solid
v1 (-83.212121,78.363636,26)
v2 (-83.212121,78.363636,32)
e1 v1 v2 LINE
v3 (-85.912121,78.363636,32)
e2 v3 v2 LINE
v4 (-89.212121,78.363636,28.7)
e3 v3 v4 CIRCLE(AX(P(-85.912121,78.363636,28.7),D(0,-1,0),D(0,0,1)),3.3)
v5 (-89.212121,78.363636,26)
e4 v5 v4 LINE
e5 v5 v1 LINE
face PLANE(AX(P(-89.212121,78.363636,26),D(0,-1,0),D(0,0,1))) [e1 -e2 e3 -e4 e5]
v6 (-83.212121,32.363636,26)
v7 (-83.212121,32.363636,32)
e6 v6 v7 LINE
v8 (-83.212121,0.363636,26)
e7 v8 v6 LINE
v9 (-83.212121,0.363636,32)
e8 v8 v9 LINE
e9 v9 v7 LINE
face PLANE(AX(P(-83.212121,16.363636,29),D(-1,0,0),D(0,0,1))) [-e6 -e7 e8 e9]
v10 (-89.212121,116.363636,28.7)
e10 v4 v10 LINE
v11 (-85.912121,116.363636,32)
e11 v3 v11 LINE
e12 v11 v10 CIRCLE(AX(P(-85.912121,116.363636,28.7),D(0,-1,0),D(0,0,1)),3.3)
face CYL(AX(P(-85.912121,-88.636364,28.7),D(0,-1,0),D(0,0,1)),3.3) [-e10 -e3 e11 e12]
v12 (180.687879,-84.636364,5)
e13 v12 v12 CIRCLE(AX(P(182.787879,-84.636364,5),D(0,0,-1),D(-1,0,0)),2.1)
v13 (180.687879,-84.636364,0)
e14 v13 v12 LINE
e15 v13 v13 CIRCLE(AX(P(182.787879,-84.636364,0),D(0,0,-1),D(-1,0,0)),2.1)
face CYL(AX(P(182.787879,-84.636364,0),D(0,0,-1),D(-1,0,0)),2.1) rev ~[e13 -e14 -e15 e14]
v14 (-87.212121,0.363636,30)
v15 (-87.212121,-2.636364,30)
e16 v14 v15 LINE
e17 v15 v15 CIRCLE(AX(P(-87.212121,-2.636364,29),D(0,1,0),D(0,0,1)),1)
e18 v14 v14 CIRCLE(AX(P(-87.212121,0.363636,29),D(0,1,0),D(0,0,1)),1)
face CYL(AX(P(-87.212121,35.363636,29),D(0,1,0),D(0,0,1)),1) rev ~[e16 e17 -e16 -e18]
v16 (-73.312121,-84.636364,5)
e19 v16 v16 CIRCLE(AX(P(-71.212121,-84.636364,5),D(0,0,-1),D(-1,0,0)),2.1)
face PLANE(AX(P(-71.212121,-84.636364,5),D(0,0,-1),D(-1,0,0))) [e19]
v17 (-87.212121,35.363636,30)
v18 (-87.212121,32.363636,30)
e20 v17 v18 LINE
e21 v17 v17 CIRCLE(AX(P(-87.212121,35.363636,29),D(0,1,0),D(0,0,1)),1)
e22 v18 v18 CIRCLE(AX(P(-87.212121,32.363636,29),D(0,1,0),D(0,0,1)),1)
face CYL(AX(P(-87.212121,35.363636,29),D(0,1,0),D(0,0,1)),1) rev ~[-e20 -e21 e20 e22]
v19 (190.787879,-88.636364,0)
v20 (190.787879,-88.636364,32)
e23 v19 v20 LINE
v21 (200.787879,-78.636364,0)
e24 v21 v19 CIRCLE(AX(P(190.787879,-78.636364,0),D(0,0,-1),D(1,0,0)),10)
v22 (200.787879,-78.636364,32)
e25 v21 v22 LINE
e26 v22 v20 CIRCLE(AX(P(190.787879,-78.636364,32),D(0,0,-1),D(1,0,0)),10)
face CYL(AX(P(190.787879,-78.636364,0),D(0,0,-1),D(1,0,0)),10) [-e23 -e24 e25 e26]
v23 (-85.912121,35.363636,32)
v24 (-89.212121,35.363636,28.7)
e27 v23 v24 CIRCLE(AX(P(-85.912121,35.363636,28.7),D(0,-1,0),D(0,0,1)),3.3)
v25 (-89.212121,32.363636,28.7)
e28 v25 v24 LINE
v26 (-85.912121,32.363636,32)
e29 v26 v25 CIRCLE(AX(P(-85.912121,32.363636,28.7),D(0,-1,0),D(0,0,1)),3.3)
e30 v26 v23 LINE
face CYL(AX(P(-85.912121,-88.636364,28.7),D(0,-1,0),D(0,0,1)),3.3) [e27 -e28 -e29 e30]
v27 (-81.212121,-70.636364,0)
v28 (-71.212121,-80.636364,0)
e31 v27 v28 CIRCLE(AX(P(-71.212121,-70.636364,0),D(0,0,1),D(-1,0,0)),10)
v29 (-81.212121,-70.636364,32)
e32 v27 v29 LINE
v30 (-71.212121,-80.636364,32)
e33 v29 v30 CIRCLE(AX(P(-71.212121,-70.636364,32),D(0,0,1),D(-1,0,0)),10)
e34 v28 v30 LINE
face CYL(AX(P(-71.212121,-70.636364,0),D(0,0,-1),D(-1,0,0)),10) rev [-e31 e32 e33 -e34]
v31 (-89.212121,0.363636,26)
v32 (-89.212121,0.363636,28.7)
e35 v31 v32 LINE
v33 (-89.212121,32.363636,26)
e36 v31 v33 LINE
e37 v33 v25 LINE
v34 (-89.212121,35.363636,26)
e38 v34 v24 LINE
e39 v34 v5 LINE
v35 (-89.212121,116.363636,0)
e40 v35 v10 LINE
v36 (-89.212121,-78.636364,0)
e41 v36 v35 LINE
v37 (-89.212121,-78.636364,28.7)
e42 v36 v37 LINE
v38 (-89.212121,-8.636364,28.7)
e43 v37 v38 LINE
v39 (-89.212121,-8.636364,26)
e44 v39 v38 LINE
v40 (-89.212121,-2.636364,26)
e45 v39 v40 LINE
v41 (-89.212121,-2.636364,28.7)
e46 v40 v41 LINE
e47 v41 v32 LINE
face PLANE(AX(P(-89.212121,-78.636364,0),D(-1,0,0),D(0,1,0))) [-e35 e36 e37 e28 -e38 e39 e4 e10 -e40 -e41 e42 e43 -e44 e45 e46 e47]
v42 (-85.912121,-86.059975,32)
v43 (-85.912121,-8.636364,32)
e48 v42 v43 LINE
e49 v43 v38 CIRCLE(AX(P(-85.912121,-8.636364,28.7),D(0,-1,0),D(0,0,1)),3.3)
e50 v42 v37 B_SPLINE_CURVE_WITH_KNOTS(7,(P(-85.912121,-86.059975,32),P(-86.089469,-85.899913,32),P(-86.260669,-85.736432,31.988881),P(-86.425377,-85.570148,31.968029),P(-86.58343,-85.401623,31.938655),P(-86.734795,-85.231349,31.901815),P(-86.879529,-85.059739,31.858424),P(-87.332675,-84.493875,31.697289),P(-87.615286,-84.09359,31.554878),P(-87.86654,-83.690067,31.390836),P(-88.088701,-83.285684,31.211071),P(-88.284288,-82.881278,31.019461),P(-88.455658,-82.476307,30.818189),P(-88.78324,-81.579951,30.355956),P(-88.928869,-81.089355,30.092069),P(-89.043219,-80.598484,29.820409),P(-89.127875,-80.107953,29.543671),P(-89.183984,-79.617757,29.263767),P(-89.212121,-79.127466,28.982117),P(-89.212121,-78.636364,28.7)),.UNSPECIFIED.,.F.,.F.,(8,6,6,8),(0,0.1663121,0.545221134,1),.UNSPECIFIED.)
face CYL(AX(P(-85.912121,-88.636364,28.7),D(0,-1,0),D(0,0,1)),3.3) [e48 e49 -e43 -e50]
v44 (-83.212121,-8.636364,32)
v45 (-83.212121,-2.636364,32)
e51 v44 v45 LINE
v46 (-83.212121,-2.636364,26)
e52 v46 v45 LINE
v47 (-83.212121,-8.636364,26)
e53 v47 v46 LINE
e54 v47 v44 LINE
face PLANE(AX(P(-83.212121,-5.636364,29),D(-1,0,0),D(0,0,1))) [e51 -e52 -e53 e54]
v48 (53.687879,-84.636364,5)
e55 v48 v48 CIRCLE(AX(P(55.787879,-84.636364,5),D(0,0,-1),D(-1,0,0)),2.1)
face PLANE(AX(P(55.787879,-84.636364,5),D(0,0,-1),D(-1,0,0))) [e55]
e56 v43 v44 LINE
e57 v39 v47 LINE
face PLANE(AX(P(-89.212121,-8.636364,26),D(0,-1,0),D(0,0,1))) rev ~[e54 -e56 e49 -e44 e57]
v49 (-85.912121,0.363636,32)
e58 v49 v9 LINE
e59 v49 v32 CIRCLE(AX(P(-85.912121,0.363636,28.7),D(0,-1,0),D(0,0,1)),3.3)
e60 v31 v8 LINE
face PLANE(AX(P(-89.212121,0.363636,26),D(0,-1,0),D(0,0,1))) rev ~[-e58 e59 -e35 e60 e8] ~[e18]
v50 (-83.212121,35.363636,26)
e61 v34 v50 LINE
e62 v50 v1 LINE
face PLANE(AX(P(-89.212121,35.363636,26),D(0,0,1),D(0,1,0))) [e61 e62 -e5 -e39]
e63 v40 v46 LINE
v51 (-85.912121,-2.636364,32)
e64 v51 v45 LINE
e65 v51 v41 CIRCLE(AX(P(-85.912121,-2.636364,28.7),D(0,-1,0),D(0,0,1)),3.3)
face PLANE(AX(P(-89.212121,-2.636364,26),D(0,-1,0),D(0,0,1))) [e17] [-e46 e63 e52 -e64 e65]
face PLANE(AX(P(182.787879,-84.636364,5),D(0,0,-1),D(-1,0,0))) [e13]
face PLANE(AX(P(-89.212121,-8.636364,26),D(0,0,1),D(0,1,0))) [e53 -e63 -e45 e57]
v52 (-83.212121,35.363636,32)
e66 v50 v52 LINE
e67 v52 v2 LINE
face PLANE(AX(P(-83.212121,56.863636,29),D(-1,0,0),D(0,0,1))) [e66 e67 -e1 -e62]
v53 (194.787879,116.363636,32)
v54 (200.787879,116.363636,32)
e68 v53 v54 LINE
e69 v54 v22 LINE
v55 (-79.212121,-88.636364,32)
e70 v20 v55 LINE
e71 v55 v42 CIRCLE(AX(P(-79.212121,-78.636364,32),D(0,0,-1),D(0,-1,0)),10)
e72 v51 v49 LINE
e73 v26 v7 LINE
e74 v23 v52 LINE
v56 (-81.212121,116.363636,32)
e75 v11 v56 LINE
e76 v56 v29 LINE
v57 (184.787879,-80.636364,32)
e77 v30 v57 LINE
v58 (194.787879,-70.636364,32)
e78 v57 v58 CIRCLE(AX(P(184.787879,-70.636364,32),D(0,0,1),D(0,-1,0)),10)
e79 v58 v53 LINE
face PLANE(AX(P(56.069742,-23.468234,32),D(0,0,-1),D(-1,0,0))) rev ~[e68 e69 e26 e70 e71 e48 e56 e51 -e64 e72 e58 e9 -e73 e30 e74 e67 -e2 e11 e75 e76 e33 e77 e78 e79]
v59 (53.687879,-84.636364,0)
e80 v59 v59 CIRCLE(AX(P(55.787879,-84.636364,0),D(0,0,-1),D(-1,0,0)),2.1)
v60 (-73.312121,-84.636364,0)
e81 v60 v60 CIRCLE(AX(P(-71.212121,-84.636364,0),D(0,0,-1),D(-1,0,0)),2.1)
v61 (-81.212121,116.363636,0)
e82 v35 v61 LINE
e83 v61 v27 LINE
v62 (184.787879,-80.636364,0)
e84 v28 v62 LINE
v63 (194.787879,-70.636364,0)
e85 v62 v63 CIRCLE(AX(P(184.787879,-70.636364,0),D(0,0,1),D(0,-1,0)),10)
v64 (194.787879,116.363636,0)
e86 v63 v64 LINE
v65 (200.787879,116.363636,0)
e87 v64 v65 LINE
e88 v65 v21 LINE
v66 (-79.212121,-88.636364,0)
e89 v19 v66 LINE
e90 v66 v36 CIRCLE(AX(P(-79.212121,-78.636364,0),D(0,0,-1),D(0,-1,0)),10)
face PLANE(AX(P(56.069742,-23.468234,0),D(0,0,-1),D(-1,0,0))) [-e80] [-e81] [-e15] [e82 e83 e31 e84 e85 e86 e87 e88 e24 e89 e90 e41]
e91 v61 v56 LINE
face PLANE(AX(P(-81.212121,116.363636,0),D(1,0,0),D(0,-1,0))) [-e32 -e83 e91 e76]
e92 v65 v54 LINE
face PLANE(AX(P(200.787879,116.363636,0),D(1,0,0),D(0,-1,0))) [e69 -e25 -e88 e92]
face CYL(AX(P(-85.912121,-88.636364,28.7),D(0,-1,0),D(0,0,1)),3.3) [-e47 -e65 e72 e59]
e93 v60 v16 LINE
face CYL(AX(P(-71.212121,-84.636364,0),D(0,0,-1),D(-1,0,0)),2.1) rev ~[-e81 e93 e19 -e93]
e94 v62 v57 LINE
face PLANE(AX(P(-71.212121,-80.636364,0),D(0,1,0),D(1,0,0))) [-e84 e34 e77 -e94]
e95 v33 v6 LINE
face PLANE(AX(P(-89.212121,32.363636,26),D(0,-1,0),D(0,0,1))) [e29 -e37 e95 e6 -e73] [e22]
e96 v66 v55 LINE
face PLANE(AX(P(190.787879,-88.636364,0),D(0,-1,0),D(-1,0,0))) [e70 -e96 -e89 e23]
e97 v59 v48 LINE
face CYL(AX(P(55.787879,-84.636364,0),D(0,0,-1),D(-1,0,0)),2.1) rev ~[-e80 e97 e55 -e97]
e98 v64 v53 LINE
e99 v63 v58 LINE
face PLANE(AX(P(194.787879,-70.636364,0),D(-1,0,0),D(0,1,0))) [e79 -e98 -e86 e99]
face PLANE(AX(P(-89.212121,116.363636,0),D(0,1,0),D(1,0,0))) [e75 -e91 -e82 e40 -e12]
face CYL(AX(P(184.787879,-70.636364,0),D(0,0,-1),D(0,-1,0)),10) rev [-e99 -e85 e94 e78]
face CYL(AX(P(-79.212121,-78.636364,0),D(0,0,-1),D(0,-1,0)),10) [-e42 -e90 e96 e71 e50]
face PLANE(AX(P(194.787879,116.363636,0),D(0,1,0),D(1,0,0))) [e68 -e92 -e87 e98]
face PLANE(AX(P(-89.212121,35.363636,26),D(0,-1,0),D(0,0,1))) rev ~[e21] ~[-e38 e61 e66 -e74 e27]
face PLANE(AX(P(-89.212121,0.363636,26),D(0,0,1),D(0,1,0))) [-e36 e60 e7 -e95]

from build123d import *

# Parameters (mm, degrees)
EXTRUDE_1_DEPTH     = 32
SKETCH_2_R          = 2.1
CUT_EXTRUDE_1_DEPTH = 5
SKETCH_3_W          = 6
SKETCH_3_H          = 6
SKETCH_3_H_2        = 32
SKETCH_3_H_3        = 43
CUT_EXTRUDE_2_DEPTH = 6
SKETCH_4_R          = 1
CUT_EXTRUDE_3_DEPTH = 38
CUT_EXTRUDE_4_DEPTH = 289.729583292


with BuildPart() as part:
    # 草图1 → 凸台-拉伸1 (new body)
    with BuildSketch(Plane.XY):
        with BuildLine():
            Line((194.787878788, 116.363636364), (200.787878788, 116.363636364))
            Line((200.787878788, 116.363636364), (200.787878788, -78.636363636))
            ThreePointArc((200.787878788, -78.636363636), (197.8589466, -85.707431448), (190.787878788, -88.636363636))
            Line((190.787878788, -88.636363636), (-79.212121212, -88.636363636))
            ThreePointArc((-79.212121212, -88.636363636), (-86.283189024, -85.707431448), (-89.212121212, -78.636363636))
            Line((-89.212121212, -78.636363636), (-89.212121212, 116.363636364))
            Line((-89.212121212, 116.363636364), (-81.212121212, 116.363636364))
            Line((-81.212121212, 116.363636364), (-81.212121212, -70.636363636))
            ThreePointArc((-81.212121212, -70.636363636), (-78.283189024, -77.707431448), (-71.212121212, -80.636363636))
            Line((-71.212121212, -80.636363636), (184.787878788, -80.636363636))
            ThreePointArc((184.787878788, -80.636363636), (191.8589466, -77.707431448), (194.787878788, -70.636363636))
            Line((194.787878788, -70.636363636), (194.787878788, 116.363636364))
        make_face()
    extrude(amount=EXTRUDE_1_DEPTH)

    # 草图2 → 切除-拉伸1 (cut)
    with BuildSketch(Plane(origin=(0, 0, 0), x_dir=(-1, 0, 0), z_dir=(0, 0, -1))):
        with Locations((-182.787878788, -84.636363636)):
            Circle(SKETCH_2_R)
        with Locations((-55.787878788, -84.636363636)):
            Circle(SKETCH_2_R)
        with Locations((71.212121212, -84.636363636)):
            Circle(SKETCH_2_R)
    extrude(amount=-CUT_EXTRUDE_1_DEPTH, mode=Mode.SUBTRACT)

    # 草图3 → 切除-拉伸2 (cut)
    with BuildSketch(Plane.ZY.offset(89.212121212)):
        with Locations((29, -5.636363636)):
            Rectangle(SKETCH_3_W, SKETCH_3_H)
        with Locations((29, 16.363636364)):
            Rectangle(SKETCH_3_W, SKETCH_3_H_2)
        with Locations((29, 56.863636364)):
            Rectangle(SKETCH_3_W, SKETCH_3_H_3)
    extrude(amount=-CUT_EXTRUDE_2_DEPTH, mode=Mode.SUBTRACT)

    # 草图4 → 切除-拉伸3 (cut)
    with BuildSketch(Plane(origin=(0, 35.363636364, 0), x_dir=(1, 0, 0), z_dir=(0, 1, 0))):
        with Locations(Location((-87.212121212, -29, 0), (0, 0, 270))):
            Circle(SKETCH_4_R)
    extrude(amount=-CUT_EXTRUDE_3_DEPTH, mode=Mode.SUBTRACT)

    # 草图6 → 切除-拉伸4 (cut, through all)
    with BuildSketch(Plane.XZ.offset(88.636363636)):
        with BuildLine():
            Line((-89.212121212, 32), (-85.912121212, 32))
            ThreePointArc((-85.912121212, 32), (-88.24557359, 31.033452378), (-89.212121212, 28.7))
            Line((-89.212121212, 28.7), (-89.212121212, 32))
        make_face()
    extrude(amount=-CUT_EXTRUDE_4_DEPTH, mode=Mode.SUBTRACT)


solid = part.part
